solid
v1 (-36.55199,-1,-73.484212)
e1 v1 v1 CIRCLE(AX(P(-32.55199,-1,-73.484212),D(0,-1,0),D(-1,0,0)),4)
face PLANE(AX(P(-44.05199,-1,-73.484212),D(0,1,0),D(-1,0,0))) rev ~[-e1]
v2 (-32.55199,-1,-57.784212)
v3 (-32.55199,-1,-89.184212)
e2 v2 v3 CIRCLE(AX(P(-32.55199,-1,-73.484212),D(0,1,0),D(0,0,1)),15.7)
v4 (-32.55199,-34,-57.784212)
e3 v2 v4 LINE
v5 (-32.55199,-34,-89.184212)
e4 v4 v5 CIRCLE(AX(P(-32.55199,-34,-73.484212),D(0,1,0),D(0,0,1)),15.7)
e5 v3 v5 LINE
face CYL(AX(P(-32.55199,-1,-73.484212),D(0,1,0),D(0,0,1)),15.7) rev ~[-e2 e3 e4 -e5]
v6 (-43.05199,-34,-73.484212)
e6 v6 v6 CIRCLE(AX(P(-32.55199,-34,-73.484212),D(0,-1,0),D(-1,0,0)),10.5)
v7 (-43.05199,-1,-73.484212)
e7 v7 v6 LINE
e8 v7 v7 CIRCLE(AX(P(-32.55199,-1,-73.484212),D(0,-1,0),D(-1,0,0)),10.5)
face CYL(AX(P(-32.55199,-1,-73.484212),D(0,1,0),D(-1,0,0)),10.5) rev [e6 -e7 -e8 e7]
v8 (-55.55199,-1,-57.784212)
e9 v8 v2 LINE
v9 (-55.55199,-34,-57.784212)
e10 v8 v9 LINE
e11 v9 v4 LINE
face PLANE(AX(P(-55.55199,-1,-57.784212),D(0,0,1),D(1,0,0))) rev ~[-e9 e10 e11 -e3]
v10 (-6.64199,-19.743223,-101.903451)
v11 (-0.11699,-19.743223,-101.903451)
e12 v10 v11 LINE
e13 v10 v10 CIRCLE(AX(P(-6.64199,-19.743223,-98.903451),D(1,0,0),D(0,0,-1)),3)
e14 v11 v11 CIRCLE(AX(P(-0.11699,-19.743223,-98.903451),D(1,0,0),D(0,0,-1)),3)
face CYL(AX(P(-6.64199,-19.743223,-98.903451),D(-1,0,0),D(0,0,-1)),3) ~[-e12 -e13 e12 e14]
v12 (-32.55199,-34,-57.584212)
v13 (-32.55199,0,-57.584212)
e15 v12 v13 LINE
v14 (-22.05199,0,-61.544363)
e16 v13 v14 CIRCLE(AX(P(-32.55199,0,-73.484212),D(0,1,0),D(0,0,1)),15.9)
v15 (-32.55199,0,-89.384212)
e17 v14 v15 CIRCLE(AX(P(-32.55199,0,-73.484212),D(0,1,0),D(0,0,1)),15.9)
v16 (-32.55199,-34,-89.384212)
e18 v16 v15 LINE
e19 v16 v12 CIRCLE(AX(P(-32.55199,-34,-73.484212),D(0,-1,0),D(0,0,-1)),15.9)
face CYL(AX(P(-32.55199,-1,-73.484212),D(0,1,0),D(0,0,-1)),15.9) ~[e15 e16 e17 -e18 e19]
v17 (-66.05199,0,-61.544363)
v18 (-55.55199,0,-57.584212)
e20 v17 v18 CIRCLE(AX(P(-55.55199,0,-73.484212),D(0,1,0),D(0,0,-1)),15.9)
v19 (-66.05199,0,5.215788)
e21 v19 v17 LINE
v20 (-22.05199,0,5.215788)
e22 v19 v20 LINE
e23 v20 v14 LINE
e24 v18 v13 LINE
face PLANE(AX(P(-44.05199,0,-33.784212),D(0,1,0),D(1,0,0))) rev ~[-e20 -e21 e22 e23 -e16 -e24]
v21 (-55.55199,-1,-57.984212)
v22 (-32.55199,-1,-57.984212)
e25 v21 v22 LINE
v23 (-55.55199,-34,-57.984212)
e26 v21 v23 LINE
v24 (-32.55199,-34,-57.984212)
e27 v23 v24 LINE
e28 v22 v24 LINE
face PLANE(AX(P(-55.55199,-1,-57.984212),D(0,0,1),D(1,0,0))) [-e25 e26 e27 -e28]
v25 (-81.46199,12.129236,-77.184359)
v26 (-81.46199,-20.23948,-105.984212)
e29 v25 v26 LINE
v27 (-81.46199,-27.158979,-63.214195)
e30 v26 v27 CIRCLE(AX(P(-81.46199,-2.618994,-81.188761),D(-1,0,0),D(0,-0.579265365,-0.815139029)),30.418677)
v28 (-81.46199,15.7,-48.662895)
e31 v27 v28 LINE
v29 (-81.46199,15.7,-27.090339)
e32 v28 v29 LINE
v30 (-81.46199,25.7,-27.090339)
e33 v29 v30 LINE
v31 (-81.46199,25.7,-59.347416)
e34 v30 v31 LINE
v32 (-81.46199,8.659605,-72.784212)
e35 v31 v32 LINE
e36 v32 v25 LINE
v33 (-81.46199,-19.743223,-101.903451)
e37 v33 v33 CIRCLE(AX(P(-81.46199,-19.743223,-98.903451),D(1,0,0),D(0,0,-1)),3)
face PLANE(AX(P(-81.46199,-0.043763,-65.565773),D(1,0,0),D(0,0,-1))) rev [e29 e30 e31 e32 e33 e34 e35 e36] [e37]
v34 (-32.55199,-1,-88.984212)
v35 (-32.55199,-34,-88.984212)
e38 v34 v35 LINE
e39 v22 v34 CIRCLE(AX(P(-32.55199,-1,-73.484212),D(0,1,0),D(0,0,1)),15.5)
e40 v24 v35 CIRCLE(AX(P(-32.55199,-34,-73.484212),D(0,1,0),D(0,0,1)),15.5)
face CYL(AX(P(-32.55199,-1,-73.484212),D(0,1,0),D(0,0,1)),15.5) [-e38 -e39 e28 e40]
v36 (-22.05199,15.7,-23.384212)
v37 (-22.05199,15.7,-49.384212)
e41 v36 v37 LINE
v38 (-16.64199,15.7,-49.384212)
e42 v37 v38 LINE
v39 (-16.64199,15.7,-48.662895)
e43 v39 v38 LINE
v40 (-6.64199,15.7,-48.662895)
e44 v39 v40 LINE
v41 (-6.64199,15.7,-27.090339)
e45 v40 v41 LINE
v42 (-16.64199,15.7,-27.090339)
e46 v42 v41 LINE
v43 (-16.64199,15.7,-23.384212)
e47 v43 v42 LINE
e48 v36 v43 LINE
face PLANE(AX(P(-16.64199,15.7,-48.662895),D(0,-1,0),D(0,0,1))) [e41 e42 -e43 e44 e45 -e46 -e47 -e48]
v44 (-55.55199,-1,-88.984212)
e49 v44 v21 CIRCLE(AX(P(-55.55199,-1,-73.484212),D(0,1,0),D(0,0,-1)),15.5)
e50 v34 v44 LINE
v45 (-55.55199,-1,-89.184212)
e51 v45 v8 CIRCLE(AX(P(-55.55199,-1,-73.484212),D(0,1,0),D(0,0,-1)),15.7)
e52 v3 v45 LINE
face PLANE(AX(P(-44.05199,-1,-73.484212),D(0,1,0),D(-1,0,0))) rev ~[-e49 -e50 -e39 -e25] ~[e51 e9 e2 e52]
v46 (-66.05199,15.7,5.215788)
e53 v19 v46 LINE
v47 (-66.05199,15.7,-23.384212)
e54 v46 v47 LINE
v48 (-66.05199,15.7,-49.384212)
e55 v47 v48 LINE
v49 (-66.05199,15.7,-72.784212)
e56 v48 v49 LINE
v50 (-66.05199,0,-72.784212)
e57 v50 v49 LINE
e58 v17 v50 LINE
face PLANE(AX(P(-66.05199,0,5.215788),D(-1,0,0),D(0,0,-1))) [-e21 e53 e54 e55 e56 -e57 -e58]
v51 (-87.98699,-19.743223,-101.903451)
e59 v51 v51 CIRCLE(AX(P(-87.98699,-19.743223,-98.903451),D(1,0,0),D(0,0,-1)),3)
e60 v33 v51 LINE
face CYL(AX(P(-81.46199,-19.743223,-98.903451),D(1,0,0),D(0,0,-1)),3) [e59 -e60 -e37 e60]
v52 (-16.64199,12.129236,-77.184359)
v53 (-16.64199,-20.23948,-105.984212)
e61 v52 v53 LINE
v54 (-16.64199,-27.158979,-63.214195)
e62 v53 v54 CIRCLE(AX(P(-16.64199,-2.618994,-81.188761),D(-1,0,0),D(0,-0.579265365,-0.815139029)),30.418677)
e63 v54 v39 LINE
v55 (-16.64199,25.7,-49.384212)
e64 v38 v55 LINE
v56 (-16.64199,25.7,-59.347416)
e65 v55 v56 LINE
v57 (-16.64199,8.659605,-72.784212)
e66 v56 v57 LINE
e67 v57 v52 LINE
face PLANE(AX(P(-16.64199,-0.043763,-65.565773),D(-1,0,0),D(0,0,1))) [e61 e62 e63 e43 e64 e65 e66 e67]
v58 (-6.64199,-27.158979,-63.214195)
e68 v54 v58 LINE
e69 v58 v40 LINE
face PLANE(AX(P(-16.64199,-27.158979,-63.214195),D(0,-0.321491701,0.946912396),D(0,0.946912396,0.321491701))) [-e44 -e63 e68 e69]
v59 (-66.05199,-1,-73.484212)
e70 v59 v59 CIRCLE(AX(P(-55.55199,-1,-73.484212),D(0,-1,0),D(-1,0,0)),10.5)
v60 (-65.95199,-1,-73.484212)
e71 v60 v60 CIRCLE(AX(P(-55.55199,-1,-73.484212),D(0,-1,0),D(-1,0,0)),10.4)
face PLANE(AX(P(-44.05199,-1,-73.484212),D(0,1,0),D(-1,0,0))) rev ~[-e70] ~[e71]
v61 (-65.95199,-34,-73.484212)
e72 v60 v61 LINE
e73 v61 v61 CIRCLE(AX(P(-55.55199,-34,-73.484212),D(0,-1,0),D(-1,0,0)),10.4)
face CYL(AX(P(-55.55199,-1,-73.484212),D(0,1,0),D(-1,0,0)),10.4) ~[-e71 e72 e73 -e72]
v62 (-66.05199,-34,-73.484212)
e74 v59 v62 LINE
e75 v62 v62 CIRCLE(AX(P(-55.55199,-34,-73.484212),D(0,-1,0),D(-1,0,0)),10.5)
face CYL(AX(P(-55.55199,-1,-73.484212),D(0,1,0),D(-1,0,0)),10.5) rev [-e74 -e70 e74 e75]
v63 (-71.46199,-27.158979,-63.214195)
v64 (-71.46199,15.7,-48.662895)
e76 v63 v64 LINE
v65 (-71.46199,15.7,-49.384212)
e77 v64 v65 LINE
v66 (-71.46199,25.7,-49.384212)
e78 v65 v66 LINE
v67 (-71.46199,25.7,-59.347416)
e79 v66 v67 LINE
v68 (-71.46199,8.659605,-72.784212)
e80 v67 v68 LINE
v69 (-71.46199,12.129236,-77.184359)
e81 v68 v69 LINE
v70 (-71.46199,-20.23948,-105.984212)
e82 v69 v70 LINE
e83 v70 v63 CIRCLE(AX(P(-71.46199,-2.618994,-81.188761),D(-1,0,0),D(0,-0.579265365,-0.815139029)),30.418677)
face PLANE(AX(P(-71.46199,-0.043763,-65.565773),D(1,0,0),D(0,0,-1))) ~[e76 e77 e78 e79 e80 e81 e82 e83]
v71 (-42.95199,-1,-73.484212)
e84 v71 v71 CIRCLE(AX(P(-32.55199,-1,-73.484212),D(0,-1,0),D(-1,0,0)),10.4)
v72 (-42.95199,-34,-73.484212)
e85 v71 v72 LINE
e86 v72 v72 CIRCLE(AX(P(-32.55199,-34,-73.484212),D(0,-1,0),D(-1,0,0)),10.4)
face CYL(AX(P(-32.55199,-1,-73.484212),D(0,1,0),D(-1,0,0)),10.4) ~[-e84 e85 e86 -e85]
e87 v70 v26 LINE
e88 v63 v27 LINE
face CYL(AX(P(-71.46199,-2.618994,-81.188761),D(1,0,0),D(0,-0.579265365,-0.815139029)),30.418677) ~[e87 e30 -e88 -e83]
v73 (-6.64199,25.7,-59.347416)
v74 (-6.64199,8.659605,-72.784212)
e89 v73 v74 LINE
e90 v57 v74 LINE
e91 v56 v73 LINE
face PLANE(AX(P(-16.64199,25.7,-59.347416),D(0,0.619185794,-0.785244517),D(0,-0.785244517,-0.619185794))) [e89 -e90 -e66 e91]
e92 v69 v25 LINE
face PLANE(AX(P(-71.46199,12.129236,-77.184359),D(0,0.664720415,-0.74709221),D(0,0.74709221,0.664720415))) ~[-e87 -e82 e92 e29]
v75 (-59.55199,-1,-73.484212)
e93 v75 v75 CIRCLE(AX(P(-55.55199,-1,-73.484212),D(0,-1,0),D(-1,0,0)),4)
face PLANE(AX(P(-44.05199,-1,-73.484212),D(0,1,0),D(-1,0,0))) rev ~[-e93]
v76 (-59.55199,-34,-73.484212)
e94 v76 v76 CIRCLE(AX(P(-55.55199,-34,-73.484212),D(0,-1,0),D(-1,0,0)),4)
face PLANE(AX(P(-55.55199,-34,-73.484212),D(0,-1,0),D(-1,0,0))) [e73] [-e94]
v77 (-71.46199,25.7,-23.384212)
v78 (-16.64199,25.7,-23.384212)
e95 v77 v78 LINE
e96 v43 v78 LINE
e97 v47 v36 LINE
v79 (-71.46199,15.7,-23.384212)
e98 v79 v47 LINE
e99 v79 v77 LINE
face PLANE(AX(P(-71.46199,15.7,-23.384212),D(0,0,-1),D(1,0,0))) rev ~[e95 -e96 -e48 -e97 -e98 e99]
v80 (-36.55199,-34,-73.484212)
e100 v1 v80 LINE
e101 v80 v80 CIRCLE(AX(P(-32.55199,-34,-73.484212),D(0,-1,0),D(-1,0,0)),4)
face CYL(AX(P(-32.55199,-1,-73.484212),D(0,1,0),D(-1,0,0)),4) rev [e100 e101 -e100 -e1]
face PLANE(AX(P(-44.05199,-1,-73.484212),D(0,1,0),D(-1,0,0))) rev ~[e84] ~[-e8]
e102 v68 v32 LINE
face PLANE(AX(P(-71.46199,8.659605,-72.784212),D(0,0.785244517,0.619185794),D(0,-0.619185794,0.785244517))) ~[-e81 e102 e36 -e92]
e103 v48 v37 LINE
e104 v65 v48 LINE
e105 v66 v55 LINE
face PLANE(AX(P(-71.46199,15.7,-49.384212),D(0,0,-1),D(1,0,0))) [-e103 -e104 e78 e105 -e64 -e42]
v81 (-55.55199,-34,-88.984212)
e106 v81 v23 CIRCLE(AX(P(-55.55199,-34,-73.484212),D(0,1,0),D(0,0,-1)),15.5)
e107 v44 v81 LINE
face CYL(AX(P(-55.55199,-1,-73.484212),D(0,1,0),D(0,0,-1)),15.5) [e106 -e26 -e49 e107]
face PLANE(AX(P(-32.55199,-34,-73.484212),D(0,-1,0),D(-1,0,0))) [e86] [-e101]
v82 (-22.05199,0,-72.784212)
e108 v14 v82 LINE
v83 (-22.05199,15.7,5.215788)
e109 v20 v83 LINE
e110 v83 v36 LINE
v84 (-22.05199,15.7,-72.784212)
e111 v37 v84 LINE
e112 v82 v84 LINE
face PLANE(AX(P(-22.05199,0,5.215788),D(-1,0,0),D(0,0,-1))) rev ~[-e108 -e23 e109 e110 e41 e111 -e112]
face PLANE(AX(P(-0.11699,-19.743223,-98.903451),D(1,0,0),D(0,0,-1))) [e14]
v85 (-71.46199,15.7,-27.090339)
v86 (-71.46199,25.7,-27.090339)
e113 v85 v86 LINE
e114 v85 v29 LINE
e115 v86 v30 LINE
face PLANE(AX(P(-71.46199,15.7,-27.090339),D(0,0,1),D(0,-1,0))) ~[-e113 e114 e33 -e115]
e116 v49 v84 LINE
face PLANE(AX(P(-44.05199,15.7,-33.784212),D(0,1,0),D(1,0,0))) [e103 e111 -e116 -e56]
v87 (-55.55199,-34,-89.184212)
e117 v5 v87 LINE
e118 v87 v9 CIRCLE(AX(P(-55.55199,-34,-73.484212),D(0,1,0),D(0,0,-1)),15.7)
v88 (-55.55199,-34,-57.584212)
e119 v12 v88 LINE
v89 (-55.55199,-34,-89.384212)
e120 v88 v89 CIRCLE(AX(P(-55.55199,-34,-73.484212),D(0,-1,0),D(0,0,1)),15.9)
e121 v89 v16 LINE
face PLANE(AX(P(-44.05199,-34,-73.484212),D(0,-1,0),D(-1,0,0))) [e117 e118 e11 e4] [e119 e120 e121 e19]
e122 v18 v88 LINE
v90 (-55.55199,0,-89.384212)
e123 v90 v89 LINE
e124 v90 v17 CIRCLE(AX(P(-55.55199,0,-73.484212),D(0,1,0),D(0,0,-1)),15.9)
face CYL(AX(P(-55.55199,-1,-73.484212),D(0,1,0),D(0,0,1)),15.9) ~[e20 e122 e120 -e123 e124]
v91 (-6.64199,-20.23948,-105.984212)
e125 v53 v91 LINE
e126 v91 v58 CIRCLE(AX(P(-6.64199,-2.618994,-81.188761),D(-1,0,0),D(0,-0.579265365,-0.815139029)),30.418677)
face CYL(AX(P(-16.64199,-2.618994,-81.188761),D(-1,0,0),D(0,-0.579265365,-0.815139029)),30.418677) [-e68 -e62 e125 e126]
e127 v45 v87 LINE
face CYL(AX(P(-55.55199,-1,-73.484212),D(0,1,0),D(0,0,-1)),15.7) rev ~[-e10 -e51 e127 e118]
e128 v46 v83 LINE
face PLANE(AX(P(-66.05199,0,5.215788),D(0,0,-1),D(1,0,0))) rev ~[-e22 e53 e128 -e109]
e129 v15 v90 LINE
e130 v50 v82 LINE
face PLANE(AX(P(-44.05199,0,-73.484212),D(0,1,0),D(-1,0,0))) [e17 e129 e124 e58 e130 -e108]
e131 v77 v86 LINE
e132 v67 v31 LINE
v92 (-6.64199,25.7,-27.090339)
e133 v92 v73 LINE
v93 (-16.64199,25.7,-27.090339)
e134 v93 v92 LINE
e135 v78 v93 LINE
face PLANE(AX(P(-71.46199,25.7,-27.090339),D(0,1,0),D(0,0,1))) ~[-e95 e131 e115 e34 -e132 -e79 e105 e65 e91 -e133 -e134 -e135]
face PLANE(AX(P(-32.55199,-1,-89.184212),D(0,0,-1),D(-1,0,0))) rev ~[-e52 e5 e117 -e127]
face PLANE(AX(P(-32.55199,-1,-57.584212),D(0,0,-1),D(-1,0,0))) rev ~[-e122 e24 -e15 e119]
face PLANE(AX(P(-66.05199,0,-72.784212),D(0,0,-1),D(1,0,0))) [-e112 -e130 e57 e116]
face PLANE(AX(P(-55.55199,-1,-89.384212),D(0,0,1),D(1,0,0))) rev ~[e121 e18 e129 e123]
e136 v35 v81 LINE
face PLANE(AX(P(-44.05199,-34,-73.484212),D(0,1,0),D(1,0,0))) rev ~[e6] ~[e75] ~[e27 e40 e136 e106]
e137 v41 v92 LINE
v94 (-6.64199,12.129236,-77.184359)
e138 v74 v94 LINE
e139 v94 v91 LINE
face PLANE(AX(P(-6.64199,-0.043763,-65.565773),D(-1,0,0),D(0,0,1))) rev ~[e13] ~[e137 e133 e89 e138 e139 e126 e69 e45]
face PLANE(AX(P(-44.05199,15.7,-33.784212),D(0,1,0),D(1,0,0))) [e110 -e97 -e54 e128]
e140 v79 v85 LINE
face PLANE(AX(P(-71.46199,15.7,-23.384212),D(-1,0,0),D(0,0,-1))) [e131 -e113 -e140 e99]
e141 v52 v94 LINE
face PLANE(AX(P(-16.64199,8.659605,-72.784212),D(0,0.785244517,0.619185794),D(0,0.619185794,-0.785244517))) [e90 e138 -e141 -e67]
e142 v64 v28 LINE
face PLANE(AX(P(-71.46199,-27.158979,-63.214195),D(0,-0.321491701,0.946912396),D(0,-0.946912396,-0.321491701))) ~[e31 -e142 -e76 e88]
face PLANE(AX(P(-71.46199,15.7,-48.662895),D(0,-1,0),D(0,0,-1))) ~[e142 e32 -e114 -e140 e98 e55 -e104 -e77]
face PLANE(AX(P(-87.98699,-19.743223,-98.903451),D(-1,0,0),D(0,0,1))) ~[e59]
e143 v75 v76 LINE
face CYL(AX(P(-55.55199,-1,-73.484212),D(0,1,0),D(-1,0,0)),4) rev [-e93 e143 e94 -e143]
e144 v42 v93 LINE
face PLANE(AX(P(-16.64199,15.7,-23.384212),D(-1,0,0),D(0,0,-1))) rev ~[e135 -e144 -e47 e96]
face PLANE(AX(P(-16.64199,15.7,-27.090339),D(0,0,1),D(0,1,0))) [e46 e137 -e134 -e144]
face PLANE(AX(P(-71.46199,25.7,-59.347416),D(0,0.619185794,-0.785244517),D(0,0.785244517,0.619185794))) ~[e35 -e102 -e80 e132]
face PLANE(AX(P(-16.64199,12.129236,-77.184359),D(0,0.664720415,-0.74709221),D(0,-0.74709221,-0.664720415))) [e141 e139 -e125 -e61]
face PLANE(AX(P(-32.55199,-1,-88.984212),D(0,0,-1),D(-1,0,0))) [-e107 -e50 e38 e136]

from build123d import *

# Parameters (mm, degrees)
SZKIC1_W                     = 44
SZKIC1_H                     = 78
DODANIE_WYCI_GNI_CIE1_DEPTH  = 15.7
SZKIC2_W                     = 54.82
SZKIC2_H                     = 26
DODANIE_WYCI_GNI_CIE2_DEPTH  = 10
DODANIE_WYCI_GNI_CIE3_DEPTH  = 1
SZKIC6_R                     = 10.4
SZKIC6_R_2                   = 4
DODANIE_WYCI_GNI_CIE4_DEPTH  = 33
SZKIC7_R                     = 10.5
DODANIE_WYCI_GNI_CIE5_DEPTH  = 33
DODANIE_WYCI_GNI_CIE6_DEPTH  = 33
DODANIE_WYCI_GNI_CIE22_DEPTH = 10
SZKIC15_R                    = 3
DODANIE_WYCI_GNI_CIE23_DEPTH = 6.525


with BuildPart() as part:
    # Szkic1 → Dodanie-wyciągnięcie1 (new body)
    with BuildSketch(Plane(origin=(0, 0, 0), x_dir=(1, 0, 0), z_dir=(0, 1, 0))):
        with Locations((-44.05199022, 33.7842123)):
            Rectangle(SZKIC1_W, SZKIC1_H)
    extrude(amount=DODANIE_WYCI_GNI_CIE1_DEPTH)

    # Szkic2 → Dodanie-wyciągnięcie2 (add)
    with BuildSketch(Plane(origin=(0, 15.7, 0), x_dir=(1, 0, 0), z_dir=(0, 1, 0))):
        with Locations((-44.05199022, 36.3842123)):
            Rectangle(SZKIC2_W, SZKIC2_H)
    extrude(amount=DODANIE_WYCI_GNI_CIE2_DEPTH)

    # Szkic3 → Dodanie-wyciągnięcie3 (add)
    with BuildSketch(Plane.XZ):
        with BuildLine():
            Line((-32.55199022, -89.3842123), (-55.55199022, -89.3842123))
            ThreePointArc((-55.55199022, -89.3842123), (-71.45199022, -73.4842123), (-55.55199022, -57.5842123))
            Line((-55.55199022, -57.5842123), (-32.55199022, -57.5842123))
            ThreePointArc((-32.55199022, -57.5842123), (-16.65199022, -73.4842123), (-32.55199022, -89.3842123))
        make_face()
    extrude(amount=DODANIE_WYCI_GNI_CIE3_DEPTH)

    # Szkic6 → Dodanie-wyciągnięcie4 (add)
    with BuildSketch(Plane(origin=(0, -1, 0), x_dir=(-1, 0, 0), z_dir=(0, -1, 0))):
        with Locations((32.55199022, 73.4842123)):
            Circle(SZKIC6_R)
        with Locations((32.55199022, 73.4842123)):
            Circle(SZKIC6_R_2, mode=Mode.SUBTRACT)
        with Locations((55.55199022, 73.4842123)):
            Circle(SZKIC6_R)
        with Locations((55.55199022, 73.4842123)):
            Circle(SZKIC6_R_2, mode=Mode.SUBTRACT)
    extrude(amount=DODANIE_WYCI_GNI_CIE4_DEPTH)

    # Szkic7 → Dodanie-wyciągnięcie5 (add)
    with BuildSketch(Plane(origin=(0, -1, 0), x_dir=(-1, 0, 0), z_dir=(0, -1, 0))):
        with BuildLine():
            Line((55.55199022, 57.9842123), (32.55199022, 57.9842123))
            ThreePointArc((32.55199022, 57.9842123), (17.05199022, 73.4842123), (32.55199022, 88.9842123))
            Line((32.55199022, 88.9842123), (55.55199022, 88.9842123))
            ThreePointArc((55.55199022, 88.9842123), (71.05199022, 73.4842123), (55.55199022, 57.9842123))
        make_face()
        with Locations((55.55199022, 73.4842123)):
            Circle(SZKIC7_R, mode=Mode.SUBTRACT)
        with Locations((32.55199022, 73.4842123)):
            Circle(SZKIC7_R, mode=Mode.SUBTRACT)
    extrude(amount=DODANIE_WYCI_GNI_CIE5_DEPTH)

    # Szkic8 → Dodanie-wyciągnięcie6 (add)
    with BuildSketch(Plane(origin=(0, -1, 0), x_dir=(-1, 0, 0), z_dir=(0, -1, 0))):
        with BuildLine():
            Line((32.55199022, 57.5842123), (55.55199022, 57.5842123))
            ThreePointArc((55.55199022, 57.5842123), (71.45199022, 73.4842123), (55.55199022, 89.3842123))
            Line((55.55199022, 89.3842123), (32.55199022, 89.3842123))
            ThreePointArc((32.55199022, 89.3842123), (16.65199022, 73.4842123), (32.55199022, 57.5842123))
        make_face()
        with BuildLine():
            Line((55.55199022, 57.7842123), (32.55199022, 57.7842123))
            ThreePointArc((32.55199022, 57.7842123), (16.85199022, 73.4842123), (32.55199022, 89.1842123))
            Line((32.55199022, 89.1842123), (55.55199022, 89.1842123))
            ThreePointArc((55.55199022, 89.1842123), (71.25199022, 73.4842123), (55.55199022, 57.7842123))
        make_face(mode=Mode.SUBTRACT)
    extrude(amount=DODANIE_WYCI_GNI_CIE6_DEPTH)

    # Szkic13 → Dodanie-wyciągnięcie22 (add)
    with BuildSketch(Plane(origin=(-16.64199022, 0, 0), x_dir=(0, 0, -1), z_dir=(1, 0, 0))):
        with BuildLine():
            Line((63.214194972, -27.158978782), (48.662895357, 15.7))
            Line((48.662895357, 15.7), (27.090339285, 15.7))
            Line((27.090339285, 15.7), (27.090339285, 25.7))
            Line((27.090339285, 25.7), (59.347416053, 25.7))
            Line((59.347416053, 25.7), (72.7842123, 8.659604885))
            Line((72.7842123, 8.659604885), (77.184359271, 12.129235601))
            Line((77.184359271, 12.129235601), (105.9842123, -20.239479664))
            ThreePointArc((105.9842123, -20.239479664), (86.046845732, -32.647229139), (63.214194972, -27.158978782))
        make_face()
    dodanie_wyci_gni_cie22 = extrude(amount=DODANIE_WYCI_GNI_CIE22_DEPTH)

    # Lustro2: Dodanie-wyciągnięcie22 across plane
    add(dodanie_wyci_gni_cie22.mirror(Plane(origin=(-44.05199022, 0, 0), x_dir=(0, 0, 1), z_dir=(1, 0, 0))))

    # Szkic15 → Dodanie-wyciągnięcie23 (add)
    with BuildSketch(Plane(origin=(-6.64199022, 0, 0), x_dir=(0, 0, -1), z_dir=(1, 0, 0))):
        with Locations((98.903450656, -19.74322341)):
            Circle(SZKIC15_R)
    dodanie_wyci_gni_cie23 = extrude(amount=DODANIE_WYCI_GNI_CIE23_DEPTH)

    # Lustro3: Dodanie-wyciągnięcie23 across plane
    add(dodanie_wyci_gni_cie23.mirror(Plane(origin=(-44.05199022, 0, 0), x_dir=(0, 0, 1), z_dir=(1, 0, 0))))


solid = part.part
